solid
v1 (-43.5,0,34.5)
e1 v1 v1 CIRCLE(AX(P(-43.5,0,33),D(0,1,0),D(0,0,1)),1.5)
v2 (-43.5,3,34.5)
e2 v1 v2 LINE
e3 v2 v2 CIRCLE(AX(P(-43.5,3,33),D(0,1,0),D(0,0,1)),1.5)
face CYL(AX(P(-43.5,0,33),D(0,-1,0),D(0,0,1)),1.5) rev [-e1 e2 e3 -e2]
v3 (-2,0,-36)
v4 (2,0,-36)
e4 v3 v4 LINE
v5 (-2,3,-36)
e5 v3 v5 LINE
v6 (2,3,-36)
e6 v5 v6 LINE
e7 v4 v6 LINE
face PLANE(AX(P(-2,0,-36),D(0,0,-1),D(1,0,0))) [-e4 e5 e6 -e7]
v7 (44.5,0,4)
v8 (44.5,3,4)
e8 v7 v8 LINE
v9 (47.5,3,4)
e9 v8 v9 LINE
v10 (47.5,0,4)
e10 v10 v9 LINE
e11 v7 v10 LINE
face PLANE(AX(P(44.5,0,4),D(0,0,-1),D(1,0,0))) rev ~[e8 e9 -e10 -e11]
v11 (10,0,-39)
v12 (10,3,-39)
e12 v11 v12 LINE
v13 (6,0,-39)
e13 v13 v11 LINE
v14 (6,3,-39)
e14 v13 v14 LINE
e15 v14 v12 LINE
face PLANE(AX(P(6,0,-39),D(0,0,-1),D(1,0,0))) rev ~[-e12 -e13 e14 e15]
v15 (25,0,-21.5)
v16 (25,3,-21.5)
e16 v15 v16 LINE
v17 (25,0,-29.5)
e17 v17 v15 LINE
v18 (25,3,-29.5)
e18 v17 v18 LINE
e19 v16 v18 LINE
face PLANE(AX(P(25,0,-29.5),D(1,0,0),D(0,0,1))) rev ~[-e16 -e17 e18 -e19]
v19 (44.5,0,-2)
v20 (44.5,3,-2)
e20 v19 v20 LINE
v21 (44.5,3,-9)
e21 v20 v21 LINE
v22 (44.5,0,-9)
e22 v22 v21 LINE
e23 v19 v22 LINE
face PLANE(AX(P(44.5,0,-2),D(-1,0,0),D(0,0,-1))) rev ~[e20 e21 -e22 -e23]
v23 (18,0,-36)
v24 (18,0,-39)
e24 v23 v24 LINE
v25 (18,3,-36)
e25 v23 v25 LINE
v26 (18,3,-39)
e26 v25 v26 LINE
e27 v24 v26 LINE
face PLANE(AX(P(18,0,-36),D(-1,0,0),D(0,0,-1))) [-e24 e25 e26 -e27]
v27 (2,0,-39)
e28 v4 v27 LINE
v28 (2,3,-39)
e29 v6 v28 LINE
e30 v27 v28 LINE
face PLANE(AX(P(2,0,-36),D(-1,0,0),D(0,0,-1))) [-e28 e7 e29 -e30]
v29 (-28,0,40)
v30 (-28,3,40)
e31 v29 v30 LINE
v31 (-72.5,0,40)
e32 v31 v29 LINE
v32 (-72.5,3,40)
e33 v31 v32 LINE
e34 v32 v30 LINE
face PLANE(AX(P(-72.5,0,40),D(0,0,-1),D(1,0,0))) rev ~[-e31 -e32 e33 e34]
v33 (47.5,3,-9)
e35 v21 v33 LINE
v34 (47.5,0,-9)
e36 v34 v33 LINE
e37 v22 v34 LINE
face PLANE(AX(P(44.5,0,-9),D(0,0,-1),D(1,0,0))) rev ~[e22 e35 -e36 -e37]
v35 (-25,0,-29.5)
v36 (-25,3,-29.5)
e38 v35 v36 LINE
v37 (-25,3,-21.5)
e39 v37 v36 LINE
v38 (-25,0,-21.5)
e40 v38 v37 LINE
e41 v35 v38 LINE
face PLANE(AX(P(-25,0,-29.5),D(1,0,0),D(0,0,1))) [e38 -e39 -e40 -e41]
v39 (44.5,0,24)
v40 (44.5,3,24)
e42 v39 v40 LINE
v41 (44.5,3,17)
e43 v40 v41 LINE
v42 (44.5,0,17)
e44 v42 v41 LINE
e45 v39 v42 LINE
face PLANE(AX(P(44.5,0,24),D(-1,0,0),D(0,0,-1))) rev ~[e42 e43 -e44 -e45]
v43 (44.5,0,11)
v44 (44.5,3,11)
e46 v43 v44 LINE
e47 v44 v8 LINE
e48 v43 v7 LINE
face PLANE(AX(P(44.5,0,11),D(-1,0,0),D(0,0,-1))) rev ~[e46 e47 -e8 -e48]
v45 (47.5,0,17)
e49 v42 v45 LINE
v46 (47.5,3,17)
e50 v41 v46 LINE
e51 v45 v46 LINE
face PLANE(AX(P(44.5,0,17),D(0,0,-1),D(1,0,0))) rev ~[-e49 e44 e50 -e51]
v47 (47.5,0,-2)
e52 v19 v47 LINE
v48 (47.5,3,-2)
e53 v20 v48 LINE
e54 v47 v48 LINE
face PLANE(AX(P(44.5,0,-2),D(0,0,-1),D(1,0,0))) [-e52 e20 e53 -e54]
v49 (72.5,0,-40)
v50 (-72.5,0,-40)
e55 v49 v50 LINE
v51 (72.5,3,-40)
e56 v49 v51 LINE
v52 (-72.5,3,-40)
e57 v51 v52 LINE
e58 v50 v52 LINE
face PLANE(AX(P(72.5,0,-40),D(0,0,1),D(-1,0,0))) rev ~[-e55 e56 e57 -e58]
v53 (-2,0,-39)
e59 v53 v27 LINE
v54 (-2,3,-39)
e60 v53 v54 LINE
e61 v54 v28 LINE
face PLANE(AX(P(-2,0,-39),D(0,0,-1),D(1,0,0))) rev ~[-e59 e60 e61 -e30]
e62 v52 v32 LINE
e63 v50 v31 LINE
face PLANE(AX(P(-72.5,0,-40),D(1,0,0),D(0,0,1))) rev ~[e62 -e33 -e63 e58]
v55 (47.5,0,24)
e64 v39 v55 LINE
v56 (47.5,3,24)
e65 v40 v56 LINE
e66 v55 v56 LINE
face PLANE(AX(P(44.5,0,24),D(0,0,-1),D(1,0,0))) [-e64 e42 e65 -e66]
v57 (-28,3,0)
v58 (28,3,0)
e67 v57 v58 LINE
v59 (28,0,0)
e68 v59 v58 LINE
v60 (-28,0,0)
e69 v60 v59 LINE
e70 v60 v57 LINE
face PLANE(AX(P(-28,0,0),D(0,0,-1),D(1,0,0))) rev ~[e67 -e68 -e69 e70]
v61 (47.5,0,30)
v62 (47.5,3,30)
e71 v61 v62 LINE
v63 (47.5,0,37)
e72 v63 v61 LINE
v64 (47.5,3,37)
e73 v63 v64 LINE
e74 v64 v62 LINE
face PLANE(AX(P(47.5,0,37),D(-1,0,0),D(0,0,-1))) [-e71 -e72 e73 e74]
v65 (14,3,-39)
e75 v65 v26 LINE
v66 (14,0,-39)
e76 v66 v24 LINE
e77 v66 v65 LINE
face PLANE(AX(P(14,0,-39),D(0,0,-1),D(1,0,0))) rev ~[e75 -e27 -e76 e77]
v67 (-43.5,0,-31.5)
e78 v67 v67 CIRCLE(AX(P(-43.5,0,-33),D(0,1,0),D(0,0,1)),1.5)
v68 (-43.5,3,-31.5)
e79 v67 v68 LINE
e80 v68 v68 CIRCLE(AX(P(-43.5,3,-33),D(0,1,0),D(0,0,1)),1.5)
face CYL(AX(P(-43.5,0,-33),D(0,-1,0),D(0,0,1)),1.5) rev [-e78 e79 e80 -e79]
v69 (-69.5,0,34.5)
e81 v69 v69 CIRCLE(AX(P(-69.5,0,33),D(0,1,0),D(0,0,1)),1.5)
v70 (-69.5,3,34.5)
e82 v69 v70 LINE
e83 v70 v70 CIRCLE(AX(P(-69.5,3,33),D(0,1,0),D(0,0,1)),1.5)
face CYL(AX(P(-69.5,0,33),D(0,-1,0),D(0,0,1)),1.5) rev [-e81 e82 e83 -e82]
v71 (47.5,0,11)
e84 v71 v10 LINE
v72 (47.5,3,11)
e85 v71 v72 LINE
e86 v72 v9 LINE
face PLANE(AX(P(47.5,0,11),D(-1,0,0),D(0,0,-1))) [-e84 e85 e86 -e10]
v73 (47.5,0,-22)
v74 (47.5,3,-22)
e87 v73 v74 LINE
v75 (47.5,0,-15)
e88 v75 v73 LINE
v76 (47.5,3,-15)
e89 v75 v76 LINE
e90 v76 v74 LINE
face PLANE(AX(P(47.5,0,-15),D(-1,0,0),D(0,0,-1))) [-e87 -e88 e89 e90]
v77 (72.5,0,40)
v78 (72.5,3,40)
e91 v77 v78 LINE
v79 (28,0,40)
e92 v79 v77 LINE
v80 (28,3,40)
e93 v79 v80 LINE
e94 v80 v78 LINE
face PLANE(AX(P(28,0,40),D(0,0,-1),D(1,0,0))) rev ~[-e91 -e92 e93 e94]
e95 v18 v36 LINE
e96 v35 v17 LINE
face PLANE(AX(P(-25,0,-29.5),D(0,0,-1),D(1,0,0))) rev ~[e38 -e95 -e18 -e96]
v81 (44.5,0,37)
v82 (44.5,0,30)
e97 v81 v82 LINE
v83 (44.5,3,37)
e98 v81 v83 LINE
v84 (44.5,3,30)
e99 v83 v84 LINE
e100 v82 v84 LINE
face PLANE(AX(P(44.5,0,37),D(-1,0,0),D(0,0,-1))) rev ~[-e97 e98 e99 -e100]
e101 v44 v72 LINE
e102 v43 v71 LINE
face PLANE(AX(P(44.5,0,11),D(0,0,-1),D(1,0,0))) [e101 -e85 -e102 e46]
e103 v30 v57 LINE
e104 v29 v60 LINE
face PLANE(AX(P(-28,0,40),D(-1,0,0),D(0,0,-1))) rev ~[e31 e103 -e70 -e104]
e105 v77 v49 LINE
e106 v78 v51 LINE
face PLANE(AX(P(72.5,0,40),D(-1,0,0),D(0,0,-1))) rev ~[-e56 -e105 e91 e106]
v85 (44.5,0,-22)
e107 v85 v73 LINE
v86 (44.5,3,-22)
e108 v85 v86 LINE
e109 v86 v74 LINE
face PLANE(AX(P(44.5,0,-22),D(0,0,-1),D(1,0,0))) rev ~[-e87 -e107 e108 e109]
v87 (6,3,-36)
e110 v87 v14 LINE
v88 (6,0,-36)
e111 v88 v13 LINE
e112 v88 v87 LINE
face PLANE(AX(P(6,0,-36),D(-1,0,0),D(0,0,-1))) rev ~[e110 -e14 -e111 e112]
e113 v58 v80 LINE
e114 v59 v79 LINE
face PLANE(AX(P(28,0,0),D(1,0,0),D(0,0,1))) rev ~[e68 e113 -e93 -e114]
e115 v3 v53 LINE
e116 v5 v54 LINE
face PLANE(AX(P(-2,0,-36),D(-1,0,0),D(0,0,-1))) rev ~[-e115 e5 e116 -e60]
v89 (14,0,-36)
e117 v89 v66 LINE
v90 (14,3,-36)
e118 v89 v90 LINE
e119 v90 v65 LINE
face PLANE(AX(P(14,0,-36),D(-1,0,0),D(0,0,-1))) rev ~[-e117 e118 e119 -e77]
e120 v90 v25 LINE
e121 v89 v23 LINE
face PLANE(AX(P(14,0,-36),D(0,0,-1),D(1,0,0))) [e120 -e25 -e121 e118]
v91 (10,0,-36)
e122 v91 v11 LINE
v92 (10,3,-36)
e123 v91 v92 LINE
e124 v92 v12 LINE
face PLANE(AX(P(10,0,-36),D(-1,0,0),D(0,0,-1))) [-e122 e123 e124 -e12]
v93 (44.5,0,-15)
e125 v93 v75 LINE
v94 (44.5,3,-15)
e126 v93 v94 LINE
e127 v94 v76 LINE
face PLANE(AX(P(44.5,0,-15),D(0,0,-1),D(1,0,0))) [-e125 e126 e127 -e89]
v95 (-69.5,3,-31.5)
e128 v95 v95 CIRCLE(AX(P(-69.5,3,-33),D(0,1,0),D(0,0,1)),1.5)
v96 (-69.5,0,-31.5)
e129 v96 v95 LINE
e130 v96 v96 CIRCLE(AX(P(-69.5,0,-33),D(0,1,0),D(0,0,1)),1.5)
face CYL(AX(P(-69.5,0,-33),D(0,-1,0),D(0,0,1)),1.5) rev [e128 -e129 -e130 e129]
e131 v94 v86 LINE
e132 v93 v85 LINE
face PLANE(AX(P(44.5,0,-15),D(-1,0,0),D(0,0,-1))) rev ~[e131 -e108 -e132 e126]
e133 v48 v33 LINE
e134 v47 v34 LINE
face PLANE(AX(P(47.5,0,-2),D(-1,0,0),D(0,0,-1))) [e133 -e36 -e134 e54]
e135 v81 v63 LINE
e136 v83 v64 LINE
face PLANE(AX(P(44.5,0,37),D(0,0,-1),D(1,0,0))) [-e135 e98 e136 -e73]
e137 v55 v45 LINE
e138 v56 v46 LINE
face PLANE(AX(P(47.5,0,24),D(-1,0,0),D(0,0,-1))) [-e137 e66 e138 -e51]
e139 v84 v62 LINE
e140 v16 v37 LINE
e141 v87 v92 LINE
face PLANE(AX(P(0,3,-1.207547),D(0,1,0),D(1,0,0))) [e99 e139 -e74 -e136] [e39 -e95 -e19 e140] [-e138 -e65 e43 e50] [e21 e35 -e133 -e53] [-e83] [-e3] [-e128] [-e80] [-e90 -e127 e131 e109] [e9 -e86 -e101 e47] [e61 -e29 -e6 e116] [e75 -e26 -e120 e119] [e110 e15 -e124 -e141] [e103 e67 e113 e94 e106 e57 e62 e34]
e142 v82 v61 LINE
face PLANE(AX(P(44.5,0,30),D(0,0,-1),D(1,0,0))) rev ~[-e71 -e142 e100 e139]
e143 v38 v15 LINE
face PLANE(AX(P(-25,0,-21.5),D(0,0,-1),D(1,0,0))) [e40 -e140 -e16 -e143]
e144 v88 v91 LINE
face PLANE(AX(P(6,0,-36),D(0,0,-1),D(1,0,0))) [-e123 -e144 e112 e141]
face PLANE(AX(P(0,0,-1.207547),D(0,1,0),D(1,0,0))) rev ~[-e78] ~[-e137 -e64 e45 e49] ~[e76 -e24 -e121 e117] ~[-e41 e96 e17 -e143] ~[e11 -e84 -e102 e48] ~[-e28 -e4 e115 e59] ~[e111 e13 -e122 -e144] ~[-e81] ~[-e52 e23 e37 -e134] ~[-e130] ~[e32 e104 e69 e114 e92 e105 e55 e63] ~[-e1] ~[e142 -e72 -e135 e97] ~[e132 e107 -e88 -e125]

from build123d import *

# Parameters (mm, degrees)
SKETCH1_R           = 1.5
SKETCH1_W           = 3
SKETCH1_H           = 7
SKETCH1_W_2         = 4
SKETCH1_H_2         = 3
BOSS_EXTRUDE1_DEPTH = 3
SKETCH5_W           = 50
SKETCH5_H           = 8
CUT_EXTRUDE1_DEPTH  = 10


with BuildPart() as part:
    # Sketch1 → Boss-Extrude1 (new body)
    with BuildSketch(Plane(origin=(0, 0, 0), x_dir=(1, 0, 0), z_dir=(0, 1, 0))):
        Polygon((-72.5, -40), (-28, -40), (-28, 0), (28, 0), (28, -40), (72.5, -40), (72.5, 40), (-72.5, 40), align=None)
        with Locations(Location((-69.5, 33, 0), (0, 0, 270))):
            Circle(SKETCH1_R, mode=Mode.SUBTRACT)
        with Locations(Location((-43.5, 33, 0), (0, 0, 270))):
            Circle(SKETCH1_R, mode=Mode.SUBTRACT)
        with Locations(Location((-43.5, -33, 0), (0, 0, 270))):
            Circle(SKETCH1_R, mode=Mode.SUBTRACT)
        with Locations(Location((-69.5, -33, 0), (0, 0, 270))):
            Circle(SKETCH1_R, mode=Mode.SUBTRACT)
        with Locations((46, 5.5)):
            Rectangle(SKETCH1_W, SKETCH1_H, mode=Mode.SUBTRACT)
        with Locations((46, 18.5)):
            Rectangle(SKETCH1_W, SKETCH1_H, mode=Mode.SUBTRACT)
        with Locations((46, -7.5)):
            Rectangle(SKETCH1_W, SKETCH1_H, mode=Mode.SUBTRACT)
        with Locations((46, -20.5)):
            Rectangle(SKETCH1_W, SKETCH1_H, mode=Mode.SUBTRACT)
        with Locations((46, -33.5)):
            Rectangle(SKETCH1_W, SKETCH1_H, mode=Mode.SUBTRACT)
        with Locations((0, 37.5)):
            Rectangle(SKETCH1_W_2, SKETCH1_H_2, mode=Mode.SUBTRACT)
        with Locations((8, 37.5)):
            Rectangle(SKETCH1_W_2, SKETCH1_H_2, mode=Mode.SUBTRACT)
        with Locations((16, 37.5)):
            Rectangle(SKETCH1_W_2, SKETCH1_H_2, mode=Mode.SUBTRACT)
    extrude(amount=BOSS_EXTRUDE1_DEPTH)

    # Sketch5 → Cut-Extrude1 (cut)
    with BuildSketch(Plane.XZ):
        with Locations((0, -25.5)):
            Rectangle(SKETCH5_W, SKETCH5_H)
    extrude(amount=-CUT_EXTRUDE1_DEPTH, mode=Mode.SUBTRACT)


solid = part.part
